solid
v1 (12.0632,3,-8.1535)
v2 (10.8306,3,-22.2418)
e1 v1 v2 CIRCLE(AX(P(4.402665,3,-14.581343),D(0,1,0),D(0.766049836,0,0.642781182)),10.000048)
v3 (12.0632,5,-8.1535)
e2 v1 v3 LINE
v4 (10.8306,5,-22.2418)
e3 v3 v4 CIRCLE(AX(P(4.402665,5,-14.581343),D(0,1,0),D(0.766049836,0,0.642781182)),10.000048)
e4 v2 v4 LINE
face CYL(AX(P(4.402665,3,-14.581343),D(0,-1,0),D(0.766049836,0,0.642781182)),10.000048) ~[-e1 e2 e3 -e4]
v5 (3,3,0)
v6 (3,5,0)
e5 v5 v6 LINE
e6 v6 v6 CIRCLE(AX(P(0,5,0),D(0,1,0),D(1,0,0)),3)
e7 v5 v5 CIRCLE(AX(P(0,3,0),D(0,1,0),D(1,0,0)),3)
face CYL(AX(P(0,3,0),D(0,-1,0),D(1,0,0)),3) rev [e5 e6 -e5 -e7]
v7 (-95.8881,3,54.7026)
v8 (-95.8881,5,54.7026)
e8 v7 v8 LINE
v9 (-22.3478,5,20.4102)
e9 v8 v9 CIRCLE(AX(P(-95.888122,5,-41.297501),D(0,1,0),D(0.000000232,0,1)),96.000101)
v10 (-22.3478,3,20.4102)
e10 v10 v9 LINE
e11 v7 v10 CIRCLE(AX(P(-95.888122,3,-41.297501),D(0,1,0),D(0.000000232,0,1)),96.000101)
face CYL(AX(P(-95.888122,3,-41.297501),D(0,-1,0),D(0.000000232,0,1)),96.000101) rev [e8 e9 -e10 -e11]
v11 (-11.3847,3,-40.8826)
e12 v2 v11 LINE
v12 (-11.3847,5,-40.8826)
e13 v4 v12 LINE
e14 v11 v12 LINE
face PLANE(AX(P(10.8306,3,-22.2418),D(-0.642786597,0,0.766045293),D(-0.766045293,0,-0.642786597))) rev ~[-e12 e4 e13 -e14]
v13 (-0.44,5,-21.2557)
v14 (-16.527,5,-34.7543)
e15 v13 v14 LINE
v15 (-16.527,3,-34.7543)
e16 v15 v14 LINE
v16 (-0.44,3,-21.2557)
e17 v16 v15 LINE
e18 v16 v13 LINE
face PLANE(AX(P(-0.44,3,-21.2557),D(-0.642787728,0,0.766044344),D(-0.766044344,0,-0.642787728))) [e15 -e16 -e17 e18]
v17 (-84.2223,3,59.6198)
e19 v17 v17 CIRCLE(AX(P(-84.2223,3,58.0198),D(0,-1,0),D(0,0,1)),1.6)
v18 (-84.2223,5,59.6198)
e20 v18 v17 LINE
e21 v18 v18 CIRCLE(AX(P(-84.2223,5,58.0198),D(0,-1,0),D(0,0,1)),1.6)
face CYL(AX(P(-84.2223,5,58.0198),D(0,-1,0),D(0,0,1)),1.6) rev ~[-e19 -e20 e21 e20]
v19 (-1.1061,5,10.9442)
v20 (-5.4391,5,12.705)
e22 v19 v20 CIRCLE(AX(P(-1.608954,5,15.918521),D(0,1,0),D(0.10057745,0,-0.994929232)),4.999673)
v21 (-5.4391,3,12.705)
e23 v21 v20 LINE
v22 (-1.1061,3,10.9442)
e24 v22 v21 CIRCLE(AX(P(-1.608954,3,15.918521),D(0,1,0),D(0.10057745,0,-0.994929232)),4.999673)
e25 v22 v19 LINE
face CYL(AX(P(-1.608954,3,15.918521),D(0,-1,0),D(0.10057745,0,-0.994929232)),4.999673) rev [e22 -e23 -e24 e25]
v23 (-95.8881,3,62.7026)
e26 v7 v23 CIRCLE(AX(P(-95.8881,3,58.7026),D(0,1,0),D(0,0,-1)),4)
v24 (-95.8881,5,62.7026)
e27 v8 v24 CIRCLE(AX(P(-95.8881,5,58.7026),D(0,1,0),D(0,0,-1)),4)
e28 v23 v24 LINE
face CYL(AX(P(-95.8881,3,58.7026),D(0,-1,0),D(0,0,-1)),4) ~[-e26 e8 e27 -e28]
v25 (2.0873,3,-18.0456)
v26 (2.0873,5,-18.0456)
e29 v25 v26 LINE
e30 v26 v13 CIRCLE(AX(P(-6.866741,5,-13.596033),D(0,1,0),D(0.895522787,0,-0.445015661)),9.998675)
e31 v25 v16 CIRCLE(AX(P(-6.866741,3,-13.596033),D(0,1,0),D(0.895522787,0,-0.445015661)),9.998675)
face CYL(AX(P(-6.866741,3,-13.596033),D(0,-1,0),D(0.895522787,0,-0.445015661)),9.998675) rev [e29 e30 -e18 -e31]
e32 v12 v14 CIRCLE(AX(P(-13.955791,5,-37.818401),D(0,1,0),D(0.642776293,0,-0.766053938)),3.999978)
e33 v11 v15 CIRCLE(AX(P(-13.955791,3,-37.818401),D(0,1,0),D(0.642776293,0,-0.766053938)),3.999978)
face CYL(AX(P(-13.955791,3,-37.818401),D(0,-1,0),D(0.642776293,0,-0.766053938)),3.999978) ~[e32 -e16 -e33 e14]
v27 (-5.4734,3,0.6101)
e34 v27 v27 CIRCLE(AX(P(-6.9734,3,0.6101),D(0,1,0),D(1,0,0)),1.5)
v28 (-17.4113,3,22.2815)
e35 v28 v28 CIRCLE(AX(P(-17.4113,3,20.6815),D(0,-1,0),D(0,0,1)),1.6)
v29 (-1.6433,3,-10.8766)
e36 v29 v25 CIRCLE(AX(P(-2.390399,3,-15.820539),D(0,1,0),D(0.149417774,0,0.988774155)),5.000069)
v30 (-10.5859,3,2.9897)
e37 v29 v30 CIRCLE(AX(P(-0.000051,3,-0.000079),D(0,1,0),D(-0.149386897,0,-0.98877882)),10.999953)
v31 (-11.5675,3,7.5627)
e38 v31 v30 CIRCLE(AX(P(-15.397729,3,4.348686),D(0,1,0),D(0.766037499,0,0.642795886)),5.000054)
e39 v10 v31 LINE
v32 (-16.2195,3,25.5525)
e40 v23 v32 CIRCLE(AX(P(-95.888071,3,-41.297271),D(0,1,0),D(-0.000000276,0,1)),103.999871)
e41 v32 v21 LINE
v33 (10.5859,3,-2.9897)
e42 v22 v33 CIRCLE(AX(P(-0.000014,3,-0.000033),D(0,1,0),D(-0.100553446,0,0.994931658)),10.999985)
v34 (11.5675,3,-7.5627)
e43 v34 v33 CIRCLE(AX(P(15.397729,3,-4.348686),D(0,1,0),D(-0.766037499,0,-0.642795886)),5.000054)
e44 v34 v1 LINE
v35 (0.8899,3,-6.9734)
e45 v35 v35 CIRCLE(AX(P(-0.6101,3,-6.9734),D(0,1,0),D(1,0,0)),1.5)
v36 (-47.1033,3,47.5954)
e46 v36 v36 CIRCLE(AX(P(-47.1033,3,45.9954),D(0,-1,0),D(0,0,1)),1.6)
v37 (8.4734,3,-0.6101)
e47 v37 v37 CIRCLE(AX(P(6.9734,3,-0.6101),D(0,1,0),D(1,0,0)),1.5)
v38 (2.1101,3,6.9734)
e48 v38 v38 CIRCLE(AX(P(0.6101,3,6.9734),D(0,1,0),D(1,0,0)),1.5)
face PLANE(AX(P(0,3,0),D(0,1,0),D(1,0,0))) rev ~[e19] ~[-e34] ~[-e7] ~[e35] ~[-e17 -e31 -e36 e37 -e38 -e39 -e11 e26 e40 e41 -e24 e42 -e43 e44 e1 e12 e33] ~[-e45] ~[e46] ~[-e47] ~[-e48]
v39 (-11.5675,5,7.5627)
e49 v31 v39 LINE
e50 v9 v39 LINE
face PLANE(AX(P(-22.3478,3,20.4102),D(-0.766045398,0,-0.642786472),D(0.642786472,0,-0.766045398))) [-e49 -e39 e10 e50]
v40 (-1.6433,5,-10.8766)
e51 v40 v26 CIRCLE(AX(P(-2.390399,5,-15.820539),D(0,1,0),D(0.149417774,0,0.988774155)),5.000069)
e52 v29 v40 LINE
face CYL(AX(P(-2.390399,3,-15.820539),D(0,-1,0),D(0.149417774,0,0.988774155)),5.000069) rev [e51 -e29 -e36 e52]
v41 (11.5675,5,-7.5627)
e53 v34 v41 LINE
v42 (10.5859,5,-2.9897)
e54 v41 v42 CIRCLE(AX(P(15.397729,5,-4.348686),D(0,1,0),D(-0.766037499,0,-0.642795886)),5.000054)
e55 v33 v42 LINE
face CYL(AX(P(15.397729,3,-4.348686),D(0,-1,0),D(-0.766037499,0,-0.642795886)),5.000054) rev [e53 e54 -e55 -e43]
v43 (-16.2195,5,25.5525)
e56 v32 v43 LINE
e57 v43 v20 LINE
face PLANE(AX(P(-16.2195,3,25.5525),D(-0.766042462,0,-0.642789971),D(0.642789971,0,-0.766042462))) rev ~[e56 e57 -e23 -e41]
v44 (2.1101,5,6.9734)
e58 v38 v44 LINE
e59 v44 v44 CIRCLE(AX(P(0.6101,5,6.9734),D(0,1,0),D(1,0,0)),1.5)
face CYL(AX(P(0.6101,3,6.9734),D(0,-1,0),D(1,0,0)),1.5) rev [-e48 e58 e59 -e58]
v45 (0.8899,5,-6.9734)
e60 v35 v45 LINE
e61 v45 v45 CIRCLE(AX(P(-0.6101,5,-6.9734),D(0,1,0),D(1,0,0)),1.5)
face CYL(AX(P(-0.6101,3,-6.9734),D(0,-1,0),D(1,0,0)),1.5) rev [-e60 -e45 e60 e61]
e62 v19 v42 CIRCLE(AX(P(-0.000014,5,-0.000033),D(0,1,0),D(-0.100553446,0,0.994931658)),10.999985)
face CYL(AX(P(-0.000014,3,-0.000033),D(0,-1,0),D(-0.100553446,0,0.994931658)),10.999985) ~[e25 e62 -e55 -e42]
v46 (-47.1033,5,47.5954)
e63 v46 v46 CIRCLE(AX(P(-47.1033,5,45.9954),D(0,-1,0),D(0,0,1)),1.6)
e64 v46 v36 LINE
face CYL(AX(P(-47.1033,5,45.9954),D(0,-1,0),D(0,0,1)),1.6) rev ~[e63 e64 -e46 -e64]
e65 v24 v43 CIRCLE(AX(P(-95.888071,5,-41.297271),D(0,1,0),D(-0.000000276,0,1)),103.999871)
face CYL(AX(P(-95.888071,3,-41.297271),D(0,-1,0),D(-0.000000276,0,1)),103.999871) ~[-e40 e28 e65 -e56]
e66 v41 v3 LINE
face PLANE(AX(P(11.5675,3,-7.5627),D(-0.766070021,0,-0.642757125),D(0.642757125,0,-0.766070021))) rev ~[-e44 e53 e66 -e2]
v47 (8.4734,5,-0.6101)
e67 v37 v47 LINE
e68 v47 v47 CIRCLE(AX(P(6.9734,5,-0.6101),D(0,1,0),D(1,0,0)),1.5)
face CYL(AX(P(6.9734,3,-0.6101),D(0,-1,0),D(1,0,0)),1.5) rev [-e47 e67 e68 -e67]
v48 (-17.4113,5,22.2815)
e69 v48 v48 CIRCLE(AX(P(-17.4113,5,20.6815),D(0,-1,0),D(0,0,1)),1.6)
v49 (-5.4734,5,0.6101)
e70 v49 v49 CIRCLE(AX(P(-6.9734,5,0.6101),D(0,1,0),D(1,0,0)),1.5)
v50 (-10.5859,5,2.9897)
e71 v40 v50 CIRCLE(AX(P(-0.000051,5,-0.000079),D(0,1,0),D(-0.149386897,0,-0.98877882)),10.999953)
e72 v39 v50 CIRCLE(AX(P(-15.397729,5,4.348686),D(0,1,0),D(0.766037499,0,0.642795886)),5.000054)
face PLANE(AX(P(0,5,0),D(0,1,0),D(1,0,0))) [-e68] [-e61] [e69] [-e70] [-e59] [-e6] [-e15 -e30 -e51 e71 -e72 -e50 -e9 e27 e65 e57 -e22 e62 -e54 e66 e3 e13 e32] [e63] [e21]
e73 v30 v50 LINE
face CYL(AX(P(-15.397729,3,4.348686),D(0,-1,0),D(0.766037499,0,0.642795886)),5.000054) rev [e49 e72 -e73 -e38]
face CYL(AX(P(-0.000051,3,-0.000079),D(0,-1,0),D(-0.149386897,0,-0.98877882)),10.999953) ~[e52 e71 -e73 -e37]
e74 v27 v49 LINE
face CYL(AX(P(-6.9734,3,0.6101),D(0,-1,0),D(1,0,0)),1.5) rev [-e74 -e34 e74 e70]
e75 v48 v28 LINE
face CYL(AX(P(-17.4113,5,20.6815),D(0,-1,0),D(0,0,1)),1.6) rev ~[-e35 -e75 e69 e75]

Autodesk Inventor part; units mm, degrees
ref_plane "YZ Plane" through (0, 0, 0) normal (1, 0, 0) x (0, 1, 0)
ref_plane "XZ Plane" through (0, 0, 0) normal (0, 1, 0) x (-1, 0, 0)
ref_plane "XY Plane" through (0, 0, 0) normal (0, 0, 1) x (1, 0, 0)
ref_plane "Work Plane5" through (0, 3, 0) normal (0, 1, 0) x (1, 0, 0)
sketch "Sketch2" plane through (0, 3, 0) normal (0, 1, 0) x (1, 0, 0)
  line L0 (0, 0) -> (-19.2836, -22.9813) construction
  line L1 (5.1953, 21.7488) -> (-13.9558, 37.8185) construction
  arc A0 (-95.8881, -58.7026) -> (-19.2836, -22.9813) centre (-95.8881, 41.2974) ccw construction
  line L2 (-19.2836, -22.9813) -> (-95.8881, 41.2974) construction
  line L3 (-95.8881, 41.2974) -> (-95.8881, -58.7026) construction
  line L4 (0, 0) -> (0, -11) construction
  line L5 (6.4279, 7.6604) -> (0, 0) construction
  arc A1 (6.4279, 7.6604) -> (5.1953, 21.7488) centre (-1.2326, 14.0883) ccw construction
  arc A2 (-95.8881, -54.7026) -> (-95.8881, -62.7026) centre (-95.8881, -58.7026) ccw
  arc A3 (-95.8881, -62.7026) -> (-16.2195, -25.5525) centre (-95.8881, 41.2974) ccw
  arc A4 (-95.8881, -54.7026) -> (-22.3478, -20.4102) centre (-95.8881, 41.2974) ccw
  line L6 (-19.2836, -22.9813) -> (-22.3478, -20.4102) construction
  line L7 (-19.2836, -22.9813) -> (-16.2195, -25.5525) construction
  line L8 (10.8306, 22.2418) -> (-11.3847, 40.8826)
  arc A5 (-11.3847, 40.8826) -> (-16.527, 34.7543) centre (-13.9558, 37.8185) ccw
  line L9 (-0.44, 21.2557) -> (-16.527, 34.7543)
  arc A6 (2.0873, 18.0456) -> (-0.44, 21.2557) centre (-6.8679, 13.5953) ccw
  arc A7 (12.0632, 8.1535) -> (10.8306, 22.2418) centre (4.4028, 14.5813) ccw
  circle A8 centre (0, 0) radius 7 construction
  arc A9 (-1.1061, -10.9442) -> (10.5859, 2.9897) centre (0, 0) ccw
  arc A10 (-1.6433, 10.8766) -> (-10.5859, -2.9897) centre (0, 0) ccw
  line L10 (-16.2195, -25.5525) -> (-5.4391, -12.705)
  line L11 (11.5675, 7.5627) -> (12.0632, 8.1535)
  line L12 (-22.3478, -20.4102) -> (-11.5675, -7.5627)
  arc A11 (-1.1061, -10.9442) -> (-5.4391, -12.705) centre (-1.6089, -15.9189) ccw
  arc A12 (11.5675, 7.5627) -> (10.5859, 2.9897) centre (15.3977, 4.3487) ccw
  arc A13 (-11.5675, -7.5627) -> (-10.5859, -2.9897) centre (-15.3977, -4.3487) ccw
  arc A14 (-1.6433, 10.8766) -> (2.0873, 18.0456) centre (-2.3903, 15.8204) ccw
  circle A15 centre (0, 0) radius 3
  circle A16 centre (-6.9734, -0.6101) radius 1.5
  line L13 (0, 0) -> (-6.9734, -0.6101) construction
  circle A17 centre (0.6101, -6.9734) radius 1.5
  circle A18 centre (6.9734, 0.6101) radius 1.5
  circle A19 centre (-0.6101, 6.9734) radius 1.5
  point P0 (12.8558, 15.3209)
  point P1 (-3.5224, -10.4208)
  point P2 (9.6508, 5.2785)
  dimension "d53" = 14
  dimension "d24" = 30
  dimension "d27" = 35
  dimension "d28" = 20
  dimension "d29" = 100
  dimension "d30" = 50
  dimension "d41" = 10
  dimension "d42" = 140
  dimension "d50" = 8
  dimension "d51" = 4
  dimension "d52" = 10
  dimension "d55" = 11
  dimension "d56" = 11
  dimension "d57" = 5
  dimension "d58" = 6
  dimension "d62" = 3
  dimension "d63" = 45
  dimension "d66" = 360
extrude "Extrusion2" add sketch "Sketch2" along normal blind 2
sketch "Sketch4" plane through (0, 5, 0) normal (0, 1, 0) x (1, 0, 0)
  arc A0 (-95.8881, -54.7026) -> (-22.3478, -20.4102) centre (-95.8881, 41.2974) ccw construction
  arc A1 (-84.2223, -58.0198) -> (-17.4113, -20.6815) centre (-95.8881, 41.2974) ccw construction
  line L0 (-84.2223, -58.0198) -> (-95.8881, 41.2974) construction
  line L1 (-95.8881, 41.2974) -> (-17.4113, -20.6815) construction
  circle A2 centre (0, 0) radius 3 construction
  line L2 (-95.8881, 41.2974) -> (0, 0) construction
  point P0 (-47.1033, -45.9954)
  dimension "d68" = 4
  dimension "d69" = 45
  dimension "d70" = 15
hole "Hole1" at (-84.2223, 5, 58.0198) at (-47.1033, 5, 45.9954) at (-17.4113, 5, 20.6815) direction (0, -1, 0) diameter 3.2 end through all
sketch "Sketch5" plane through (0, 5, 0) normal (0, 1, 0) x (1, 0, 0)
  circle A0 centre (-47.1033, -45.9954) radius 1.6 projected
  circle A1 centre (-84.2223, -58.0198) radius 1.6 projected
  circle A2 centre (-17.4113, -20.6815) radius 1.6 projected
  circle A3 centre (0, 0) radius 3 projected
  circle A4 centre (-0.6101, 6.9734) radius 1.5 projected
  circle A5 centre (6.9734, 0.6101) radius 1.5 projected
  circle A6 centre (0.6101, -6.9734) radius 1.5 projected
  circle A7 centre (-6.9734, -0.6101) radius 1.5 projected
  arc A8 (-95.8881, -62.7026) -> (-16.2195, -25.5525) centre (-95.8881, 41.2974) ccw projected
  line L0 (-16.2195, -25.5525) -> (-5.4391, -12.705) projected
  arc A9 (-1.1061, -10.9442) -> (-5.4391, -12.705) centre (-1.6089, -15.9189) ccw projected
  arc A10 (-1.1061, -10.9442) -> (10.5859, 2.9897) centre (0, 0) ccw projected
  arc A11 (11.5675, 7.5627) -> (10.5859, 2.9897) centre (15.3977, 4.3487) ccw projected
  line L1 (11.5675, 7.5627) -> (12.0632, 8.1535) projected
  arc A12 (12.0632, 8.1535) -> (10.8306, 22.2418) centre (4.4028, 14.5813) ccw projected
  line L2 (10.8306, 22.2418) -> (-11.3847, 40.8826) projected
  arc A13 (-11.3847, 40.8826) -> (-16.527, 34.7543) centre (-13.9558, 37.8185) ccw projected
  line L3 (-16.527, 34.7543) -> (-0.44, 21.2557) projected
  arc A14 (2.0873, 18.0456) -> (-0.44, 21.2557) centre (-6.8679, 13.5953) ccw projected
  arc A15 (-1.6433, 10.8766) -> (2.0873, 18.0456) centre (-2.3903, 15.8204) ccw projected
  arc A16 (-1.6433, 10.8766) -> (-10.5859, -2.9897) centre (0, 0) ccw projected
  arc A17 (-11.5675, -7.5627) -> (-10.5859, -2.9897) centre (-15.3977, -4.3487) ccw projected
  line L4 (-11.5675, -7.5627) -> (-22.3478, -20.4102) projected
  arc A18 (-95.8881, -54.7026) -> (-22.3478, -20.4102) centre (-95.8881, 41.2974) ccw projected
  arc A19 (-95.8881, -54.7026) -> (-95.8881, -62.7026) centre (-95.8881, -58.7026) ccw projected
properties part number "wstepna_geometria_wersja_2"
